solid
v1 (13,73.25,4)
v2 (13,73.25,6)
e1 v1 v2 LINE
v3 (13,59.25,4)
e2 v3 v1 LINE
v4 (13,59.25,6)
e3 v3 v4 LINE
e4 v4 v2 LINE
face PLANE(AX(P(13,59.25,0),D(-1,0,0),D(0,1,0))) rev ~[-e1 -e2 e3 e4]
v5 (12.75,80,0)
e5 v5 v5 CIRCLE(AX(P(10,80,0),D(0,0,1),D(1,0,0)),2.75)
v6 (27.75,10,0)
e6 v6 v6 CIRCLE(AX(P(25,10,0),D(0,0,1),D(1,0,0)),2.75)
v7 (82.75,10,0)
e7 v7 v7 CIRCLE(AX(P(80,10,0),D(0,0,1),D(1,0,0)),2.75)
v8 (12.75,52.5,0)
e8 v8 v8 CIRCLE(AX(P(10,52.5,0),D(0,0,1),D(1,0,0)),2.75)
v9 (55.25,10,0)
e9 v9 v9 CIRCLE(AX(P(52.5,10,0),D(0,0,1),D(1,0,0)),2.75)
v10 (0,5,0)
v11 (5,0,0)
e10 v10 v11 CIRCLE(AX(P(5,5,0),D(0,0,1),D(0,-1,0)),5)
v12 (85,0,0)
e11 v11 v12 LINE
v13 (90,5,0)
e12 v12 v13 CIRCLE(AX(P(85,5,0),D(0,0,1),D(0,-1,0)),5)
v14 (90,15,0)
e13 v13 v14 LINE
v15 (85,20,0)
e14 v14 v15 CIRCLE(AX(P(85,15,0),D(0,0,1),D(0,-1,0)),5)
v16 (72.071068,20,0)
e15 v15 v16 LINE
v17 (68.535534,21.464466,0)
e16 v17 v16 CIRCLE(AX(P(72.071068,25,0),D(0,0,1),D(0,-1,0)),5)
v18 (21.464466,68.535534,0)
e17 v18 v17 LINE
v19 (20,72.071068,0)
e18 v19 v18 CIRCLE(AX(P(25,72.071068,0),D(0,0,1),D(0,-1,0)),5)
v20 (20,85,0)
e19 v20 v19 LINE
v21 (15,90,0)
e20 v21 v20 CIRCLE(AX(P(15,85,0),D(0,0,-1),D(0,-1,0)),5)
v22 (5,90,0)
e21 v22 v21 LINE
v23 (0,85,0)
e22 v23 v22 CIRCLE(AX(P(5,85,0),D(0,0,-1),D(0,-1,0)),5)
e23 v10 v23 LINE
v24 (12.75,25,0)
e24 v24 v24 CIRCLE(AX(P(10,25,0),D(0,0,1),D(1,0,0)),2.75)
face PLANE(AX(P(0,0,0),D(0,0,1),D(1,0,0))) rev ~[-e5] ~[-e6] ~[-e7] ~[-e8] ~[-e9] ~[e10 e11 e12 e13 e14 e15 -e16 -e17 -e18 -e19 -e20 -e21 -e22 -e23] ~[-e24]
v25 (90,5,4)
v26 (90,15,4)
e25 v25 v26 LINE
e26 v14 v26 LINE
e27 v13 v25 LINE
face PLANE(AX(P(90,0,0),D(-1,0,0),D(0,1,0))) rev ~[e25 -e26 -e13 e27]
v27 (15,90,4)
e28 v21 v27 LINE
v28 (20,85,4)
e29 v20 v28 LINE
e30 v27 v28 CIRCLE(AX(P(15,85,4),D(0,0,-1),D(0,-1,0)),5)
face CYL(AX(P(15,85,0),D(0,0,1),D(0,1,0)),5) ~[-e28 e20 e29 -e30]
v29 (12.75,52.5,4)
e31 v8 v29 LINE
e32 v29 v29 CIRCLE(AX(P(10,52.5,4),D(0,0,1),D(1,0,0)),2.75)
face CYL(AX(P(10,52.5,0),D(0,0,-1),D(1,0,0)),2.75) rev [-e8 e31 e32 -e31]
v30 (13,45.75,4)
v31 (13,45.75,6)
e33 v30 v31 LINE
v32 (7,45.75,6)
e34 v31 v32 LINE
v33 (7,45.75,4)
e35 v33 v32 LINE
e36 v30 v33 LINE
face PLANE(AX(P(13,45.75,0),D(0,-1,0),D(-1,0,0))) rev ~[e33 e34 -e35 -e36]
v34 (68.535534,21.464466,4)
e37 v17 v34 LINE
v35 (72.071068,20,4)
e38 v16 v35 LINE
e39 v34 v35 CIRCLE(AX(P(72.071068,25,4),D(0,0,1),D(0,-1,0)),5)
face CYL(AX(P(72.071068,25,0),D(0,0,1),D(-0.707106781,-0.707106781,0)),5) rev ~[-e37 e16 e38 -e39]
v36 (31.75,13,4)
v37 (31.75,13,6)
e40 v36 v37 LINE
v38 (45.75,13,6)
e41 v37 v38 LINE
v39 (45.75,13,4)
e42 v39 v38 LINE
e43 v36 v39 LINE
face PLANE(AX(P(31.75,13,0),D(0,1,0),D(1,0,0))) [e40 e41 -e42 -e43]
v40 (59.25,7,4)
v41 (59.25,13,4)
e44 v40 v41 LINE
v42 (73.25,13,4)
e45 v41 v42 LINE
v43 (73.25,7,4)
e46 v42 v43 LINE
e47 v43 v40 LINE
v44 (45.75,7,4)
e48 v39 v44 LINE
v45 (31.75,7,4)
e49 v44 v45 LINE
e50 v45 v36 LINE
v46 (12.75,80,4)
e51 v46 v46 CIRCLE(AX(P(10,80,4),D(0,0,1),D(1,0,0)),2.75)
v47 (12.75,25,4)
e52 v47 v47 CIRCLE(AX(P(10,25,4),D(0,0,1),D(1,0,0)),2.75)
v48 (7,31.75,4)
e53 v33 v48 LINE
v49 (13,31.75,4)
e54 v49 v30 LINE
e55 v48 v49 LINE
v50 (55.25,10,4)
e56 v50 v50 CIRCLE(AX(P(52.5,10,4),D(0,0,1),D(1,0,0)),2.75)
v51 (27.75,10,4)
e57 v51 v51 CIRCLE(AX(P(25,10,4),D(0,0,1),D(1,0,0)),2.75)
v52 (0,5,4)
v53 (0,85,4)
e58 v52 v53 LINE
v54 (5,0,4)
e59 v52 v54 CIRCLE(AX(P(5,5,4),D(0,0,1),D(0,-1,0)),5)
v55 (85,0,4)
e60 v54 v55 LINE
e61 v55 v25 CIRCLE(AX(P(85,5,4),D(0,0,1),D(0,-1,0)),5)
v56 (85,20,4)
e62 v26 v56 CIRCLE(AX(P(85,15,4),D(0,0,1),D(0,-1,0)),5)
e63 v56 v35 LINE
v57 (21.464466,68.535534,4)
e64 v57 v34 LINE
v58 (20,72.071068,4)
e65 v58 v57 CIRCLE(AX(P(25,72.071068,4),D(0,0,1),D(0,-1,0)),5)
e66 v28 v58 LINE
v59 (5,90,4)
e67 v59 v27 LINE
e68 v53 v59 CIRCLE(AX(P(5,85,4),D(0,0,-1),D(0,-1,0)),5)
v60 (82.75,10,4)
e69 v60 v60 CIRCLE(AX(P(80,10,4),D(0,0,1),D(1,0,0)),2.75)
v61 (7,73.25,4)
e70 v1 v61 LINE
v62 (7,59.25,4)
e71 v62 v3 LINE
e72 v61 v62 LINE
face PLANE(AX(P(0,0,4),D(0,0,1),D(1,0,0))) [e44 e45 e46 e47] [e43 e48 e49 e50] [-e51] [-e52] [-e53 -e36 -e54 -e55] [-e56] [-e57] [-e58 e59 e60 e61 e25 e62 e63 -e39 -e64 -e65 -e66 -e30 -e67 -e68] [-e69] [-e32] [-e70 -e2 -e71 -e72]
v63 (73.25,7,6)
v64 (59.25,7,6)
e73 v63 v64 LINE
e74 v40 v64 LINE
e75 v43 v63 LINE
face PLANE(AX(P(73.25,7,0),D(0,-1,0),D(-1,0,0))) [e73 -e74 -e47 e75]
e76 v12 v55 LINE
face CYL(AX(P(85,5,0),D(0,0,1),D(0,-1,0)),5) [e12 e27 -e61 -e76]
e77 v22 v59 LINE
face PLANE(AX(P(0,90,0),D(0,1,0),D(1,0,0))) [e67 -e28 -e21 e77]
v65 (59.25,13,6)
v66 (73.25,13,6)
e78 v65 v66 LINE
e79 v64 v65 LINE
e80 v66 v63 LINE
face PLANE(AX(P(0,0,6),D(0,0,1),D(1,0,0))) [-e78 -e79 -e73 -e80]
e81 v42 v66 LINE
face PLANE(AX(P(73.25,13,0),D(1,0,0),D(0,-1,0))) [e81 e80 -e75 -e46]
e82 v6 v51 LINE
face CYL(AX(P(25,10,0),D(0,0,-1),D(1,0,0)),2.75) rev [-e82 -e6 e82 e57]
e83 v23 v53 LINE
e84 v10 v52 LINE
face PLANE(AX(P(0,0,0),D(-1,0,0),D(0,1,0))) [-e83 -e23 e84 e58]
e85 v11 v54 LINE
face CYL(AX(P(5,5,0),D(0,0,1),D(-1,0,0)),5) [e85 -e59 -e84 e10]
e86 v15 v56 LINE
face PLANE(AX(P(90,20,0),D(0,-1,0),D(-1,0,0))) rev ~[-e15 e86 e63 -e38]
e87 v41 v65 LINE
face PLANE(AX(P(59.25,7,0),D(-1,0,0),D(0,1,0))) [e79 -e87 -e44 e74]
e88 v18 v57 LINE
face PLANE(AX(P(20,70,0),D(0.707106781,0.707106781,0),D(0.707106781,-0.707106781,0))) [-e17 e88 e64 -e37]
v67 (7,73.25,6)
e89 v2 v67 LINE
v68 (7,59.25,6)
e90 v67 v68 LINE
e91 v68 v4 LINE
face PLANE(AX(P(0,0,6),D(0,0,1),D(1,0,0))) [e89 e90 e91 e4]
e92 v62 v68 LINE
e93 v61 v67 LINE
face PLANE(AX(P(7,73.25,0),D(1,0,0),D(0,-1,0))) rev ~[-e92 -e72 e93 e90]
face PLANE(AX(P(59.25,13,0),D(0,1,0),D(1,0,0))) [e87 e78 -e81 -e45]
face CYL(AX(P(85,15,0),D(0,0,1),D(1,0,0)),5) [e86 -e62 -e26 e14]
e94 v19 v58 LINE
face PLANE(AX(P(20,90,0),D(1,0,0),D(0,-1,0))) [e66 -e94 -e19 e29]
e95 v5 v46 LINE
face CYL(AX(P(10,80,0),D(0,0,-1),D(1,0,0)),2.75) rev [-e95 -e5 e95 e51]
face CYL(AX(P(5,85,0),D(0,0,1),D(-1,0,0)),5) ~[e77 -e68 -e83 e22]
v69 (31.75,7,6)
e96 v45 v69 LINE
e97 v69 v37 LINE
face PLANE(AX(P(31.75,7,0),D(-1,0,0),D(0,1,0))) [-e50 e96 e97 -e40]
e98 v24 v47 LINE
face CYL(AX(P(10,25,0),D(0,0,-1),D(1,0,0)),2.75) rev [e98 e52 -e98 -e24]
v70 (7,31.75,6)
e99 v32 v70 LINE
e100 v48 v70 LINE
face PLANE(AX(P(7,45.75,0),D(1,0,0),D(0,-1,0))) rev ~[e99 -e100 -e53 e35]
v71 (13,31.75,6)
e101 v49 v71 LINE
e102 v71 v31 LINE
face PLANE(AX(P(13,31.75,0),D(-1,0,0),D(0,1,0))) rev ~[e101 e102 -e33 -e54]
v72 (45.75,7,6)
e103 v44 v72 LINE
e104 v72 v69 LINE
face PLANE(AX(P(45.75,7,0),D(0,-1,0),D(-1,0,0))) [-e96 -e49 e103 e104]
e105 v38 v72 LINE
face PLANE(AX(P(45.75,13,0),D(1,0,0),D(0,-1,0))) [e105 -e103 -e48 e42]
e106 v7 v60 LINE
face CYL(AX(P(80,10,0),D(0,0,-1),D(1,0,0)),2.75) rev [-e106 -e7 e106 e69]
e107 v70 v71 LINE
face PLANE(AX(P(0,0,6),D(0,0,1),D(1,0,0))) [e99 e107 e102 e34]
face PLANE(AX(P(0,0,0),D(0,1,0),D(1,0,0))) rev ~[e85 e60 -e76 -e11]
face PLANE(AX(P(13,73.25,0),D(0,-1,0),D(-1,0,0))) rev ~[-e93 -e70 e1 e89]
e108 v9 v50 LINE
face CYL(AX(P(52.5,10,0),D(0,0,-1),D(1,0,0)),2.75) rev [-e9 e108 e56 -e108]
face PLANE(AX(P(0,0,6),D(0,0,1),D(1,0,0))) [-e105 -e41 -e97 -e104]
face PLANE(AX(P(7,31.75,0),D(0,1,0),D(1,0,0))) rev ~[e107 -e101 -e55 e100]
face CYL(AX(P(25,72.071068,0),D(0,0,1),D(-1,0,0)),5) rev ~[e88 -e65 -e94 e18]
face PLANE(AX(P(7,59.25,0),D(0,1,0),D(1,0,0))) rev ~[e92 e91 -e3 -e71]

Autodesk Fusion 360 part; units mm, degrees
sketch "Sketch1" plane through (0, 0, 0) normal (0, 0, 1) x (1, 0, 0)
  line L0 (0, 0) -> (0, 90)
  line L1 (0, 0) -> (90, 0)
  line L2 (0, 90) -> (20, 90)
  line L3 (90, 0) -> (90, 20)
  line L4 (90, 20) -> (70, 20)
  line L5 (20, 90) -> (20, 70)
  line L6 (20, 70) -> (70, 20)
  line L7 (10, 90) -> (10, 0) construction
  line L8 (90, 10) -> (0, 10) construction
  circle A0 centre (80, 10) radius 2.75
  circle A1 centre (25, 10) radius 2.75
  circle A2 centre (52.5, 10) radius 2.75
  line L9 (0, 0) -> (79.8876, 79.8876) construction
  line L10 (0, 0) -> (112.9781, 0) construction
  line L11 (25, 10) -> (52.5, 10) construction
  line L12 (52.5, 10) -> (80, 10) construction
  line L13 (45.75, 7) -> (31.75, 7)
  line L14 (31.75, 7) -> (31.75, 13)
  line L15 (31.75, 13) -> (45.75, 13)
  line L16 (45.75, 13) -> (45.75, 7)
  line L17 (45.75, 7) -> (31.75, 13) construction
  line L18 (31.75, 7) -> (45.75, 13) construction
  line L19 (73.25, 7) -> (59.25, 7)
  line L20 (59.25, 7) -> (59.25, 13)
  line L21 (59.25, 13) -> (73.25, 13)
  line L22 (73.25, 13) -> (73.25, 7)
  line L23 (73.25, 7) -> (59.25, 13) construction
  line L24 (59.25, 7) -> (73.25, 13) construction
  circle A3 centre (10, 25) radius 2.75
  line L25 (7, 31.75) -> (13, 31.75)
  line L26 (13, 31.75) -> (13, 45.75)
  line L27 (7, 45.75) -> (7, 31.75)
  line L28 (13, 45.75) -> (7, 45.75)
  line L29 (7, 59.25) -> (13, 59.25)
  line L30 (13, 59.25) -> (13, 73.25)
  line L31 (13, 73.25) -> (7, 73.25)
  line L32 (7, 73.25) -> (7, 59.25)
  circle A4 centre (10, 80) radius 2.75
  circle A5 centre (10, 52.5) radius 2.75
  point P0 (38.75, 10)
  point P1 (66.25, 10)
  dimension "d1" = 90
  dimension "d2" = 90
  dimension "d3" = 20
  dimension "d4" = 20
  dimension "d5" = 20
  dimension "d6" = 20
  dimension "d7" = 5.5
  dimension "d8" = 5.5
  dimension "d9" = 10
  dimension "d10" = 65
  dimension "d11" = 5.5
  dimension "d12" = 37.5
  dimension "d13" = 45
  dimension "d14" = 14
  dimension "d15" = 6
  dimension "d16" = 14
  dimension "d17" = 6
extrude "Extrude1" add sketch "Sketch1" along normal blind 4
extrude "Extrude3" add sketch "Sketch1" along normal blind 6 contours L13 L14 L15 L16 | L19 L20 L21 L22 | L25 L26 L27 L28 | L29 L30 L31 L32
sketch "Sketch2" plane through (0, 0, 4) normal (0, 0, 1) x (-1, 0, 0)
  circle A0 centre (-25, -10) radius 2.75
  circle A1 centre (-52.5, -10) radius 2.75
  circle A2 centre (-10, -80) radius 2.75
  circle A3 centre (-10, -25) radius 2.75
  circle A4 centre (-80, -10) radius 2.75
  circle A5 centre (-10, -52.5) radius 2.75
  line L0 (0, 0) -> (-90, 0)
  line L1 (-90, 0) -> (-90, -20)
  line L2 (-90, -20) -> (-70, -20)
  line L3 (-70, -20) -> (-20, -70)
  line L4 (-20, -70) -> (-20, -90)
  line L5 (-20, -90) -> (0, -90)
  line L6 (0, -90) -> (0, 0)
  line L7 (-20, -70) -> (-20, -20) construction
  line L8 (-20, -20) -> (-70, -20) construction
  line L9 (-20, -70) -> (-70, -20) construction
  line L10 (-23, -62.7574) -> (-62.7574, -23)
  line L11 (-23, -23) -> (-62.7574, -23)
  line L12 (-23, -62.7574) -> (-23, -23)
  line L13 (-7, -45.75) -> (-13, -45.75)
  line L14 (-13, -45.75) -> (-13, -31.75)
  line L15 (-13, -31.75) -> (-7, -31.75)
  line L16 (-7, -31.75) -> (-7, -45.75)
  line L17 (-59.25, -13) -> (-73.25, -13)
  line L18 (-73.25, -13) -> (-73.25, -7)
  line L19 (-73.25, -7) -> (-59.25, -7)
  line L20 (-59.25, -7) -> (-59.25, -13)
  line L21 (-7, -59.25) -> (-7, -73.25)
  line L22 (-7, -73.25) -> (-13, -73.25)
  line L23 (-13, -73.25) -> (-13, -59.25)
  line L24 (-13, -59.25) -> (-7, -59.25)
  line L25 (-31.75, -13) -> (-45.75, -13)
  line L26 (-45.75, -13) -> (-45.75, -7)
  line L27 (-45.75, -7) -> (-31.75, -7)
  line L28 (-31.75, -7) -> (-31.75, -13)
  dimension "d20" = 3
fillet "Fillet1" radius 5 7 edges at (0, 0, 2) (90, 0, 2) (90, 20, 2) (20, 70, 2) (70, 20, 2) (20, 90, 2) (0, 90, 2)
equation "d5 = d6"
